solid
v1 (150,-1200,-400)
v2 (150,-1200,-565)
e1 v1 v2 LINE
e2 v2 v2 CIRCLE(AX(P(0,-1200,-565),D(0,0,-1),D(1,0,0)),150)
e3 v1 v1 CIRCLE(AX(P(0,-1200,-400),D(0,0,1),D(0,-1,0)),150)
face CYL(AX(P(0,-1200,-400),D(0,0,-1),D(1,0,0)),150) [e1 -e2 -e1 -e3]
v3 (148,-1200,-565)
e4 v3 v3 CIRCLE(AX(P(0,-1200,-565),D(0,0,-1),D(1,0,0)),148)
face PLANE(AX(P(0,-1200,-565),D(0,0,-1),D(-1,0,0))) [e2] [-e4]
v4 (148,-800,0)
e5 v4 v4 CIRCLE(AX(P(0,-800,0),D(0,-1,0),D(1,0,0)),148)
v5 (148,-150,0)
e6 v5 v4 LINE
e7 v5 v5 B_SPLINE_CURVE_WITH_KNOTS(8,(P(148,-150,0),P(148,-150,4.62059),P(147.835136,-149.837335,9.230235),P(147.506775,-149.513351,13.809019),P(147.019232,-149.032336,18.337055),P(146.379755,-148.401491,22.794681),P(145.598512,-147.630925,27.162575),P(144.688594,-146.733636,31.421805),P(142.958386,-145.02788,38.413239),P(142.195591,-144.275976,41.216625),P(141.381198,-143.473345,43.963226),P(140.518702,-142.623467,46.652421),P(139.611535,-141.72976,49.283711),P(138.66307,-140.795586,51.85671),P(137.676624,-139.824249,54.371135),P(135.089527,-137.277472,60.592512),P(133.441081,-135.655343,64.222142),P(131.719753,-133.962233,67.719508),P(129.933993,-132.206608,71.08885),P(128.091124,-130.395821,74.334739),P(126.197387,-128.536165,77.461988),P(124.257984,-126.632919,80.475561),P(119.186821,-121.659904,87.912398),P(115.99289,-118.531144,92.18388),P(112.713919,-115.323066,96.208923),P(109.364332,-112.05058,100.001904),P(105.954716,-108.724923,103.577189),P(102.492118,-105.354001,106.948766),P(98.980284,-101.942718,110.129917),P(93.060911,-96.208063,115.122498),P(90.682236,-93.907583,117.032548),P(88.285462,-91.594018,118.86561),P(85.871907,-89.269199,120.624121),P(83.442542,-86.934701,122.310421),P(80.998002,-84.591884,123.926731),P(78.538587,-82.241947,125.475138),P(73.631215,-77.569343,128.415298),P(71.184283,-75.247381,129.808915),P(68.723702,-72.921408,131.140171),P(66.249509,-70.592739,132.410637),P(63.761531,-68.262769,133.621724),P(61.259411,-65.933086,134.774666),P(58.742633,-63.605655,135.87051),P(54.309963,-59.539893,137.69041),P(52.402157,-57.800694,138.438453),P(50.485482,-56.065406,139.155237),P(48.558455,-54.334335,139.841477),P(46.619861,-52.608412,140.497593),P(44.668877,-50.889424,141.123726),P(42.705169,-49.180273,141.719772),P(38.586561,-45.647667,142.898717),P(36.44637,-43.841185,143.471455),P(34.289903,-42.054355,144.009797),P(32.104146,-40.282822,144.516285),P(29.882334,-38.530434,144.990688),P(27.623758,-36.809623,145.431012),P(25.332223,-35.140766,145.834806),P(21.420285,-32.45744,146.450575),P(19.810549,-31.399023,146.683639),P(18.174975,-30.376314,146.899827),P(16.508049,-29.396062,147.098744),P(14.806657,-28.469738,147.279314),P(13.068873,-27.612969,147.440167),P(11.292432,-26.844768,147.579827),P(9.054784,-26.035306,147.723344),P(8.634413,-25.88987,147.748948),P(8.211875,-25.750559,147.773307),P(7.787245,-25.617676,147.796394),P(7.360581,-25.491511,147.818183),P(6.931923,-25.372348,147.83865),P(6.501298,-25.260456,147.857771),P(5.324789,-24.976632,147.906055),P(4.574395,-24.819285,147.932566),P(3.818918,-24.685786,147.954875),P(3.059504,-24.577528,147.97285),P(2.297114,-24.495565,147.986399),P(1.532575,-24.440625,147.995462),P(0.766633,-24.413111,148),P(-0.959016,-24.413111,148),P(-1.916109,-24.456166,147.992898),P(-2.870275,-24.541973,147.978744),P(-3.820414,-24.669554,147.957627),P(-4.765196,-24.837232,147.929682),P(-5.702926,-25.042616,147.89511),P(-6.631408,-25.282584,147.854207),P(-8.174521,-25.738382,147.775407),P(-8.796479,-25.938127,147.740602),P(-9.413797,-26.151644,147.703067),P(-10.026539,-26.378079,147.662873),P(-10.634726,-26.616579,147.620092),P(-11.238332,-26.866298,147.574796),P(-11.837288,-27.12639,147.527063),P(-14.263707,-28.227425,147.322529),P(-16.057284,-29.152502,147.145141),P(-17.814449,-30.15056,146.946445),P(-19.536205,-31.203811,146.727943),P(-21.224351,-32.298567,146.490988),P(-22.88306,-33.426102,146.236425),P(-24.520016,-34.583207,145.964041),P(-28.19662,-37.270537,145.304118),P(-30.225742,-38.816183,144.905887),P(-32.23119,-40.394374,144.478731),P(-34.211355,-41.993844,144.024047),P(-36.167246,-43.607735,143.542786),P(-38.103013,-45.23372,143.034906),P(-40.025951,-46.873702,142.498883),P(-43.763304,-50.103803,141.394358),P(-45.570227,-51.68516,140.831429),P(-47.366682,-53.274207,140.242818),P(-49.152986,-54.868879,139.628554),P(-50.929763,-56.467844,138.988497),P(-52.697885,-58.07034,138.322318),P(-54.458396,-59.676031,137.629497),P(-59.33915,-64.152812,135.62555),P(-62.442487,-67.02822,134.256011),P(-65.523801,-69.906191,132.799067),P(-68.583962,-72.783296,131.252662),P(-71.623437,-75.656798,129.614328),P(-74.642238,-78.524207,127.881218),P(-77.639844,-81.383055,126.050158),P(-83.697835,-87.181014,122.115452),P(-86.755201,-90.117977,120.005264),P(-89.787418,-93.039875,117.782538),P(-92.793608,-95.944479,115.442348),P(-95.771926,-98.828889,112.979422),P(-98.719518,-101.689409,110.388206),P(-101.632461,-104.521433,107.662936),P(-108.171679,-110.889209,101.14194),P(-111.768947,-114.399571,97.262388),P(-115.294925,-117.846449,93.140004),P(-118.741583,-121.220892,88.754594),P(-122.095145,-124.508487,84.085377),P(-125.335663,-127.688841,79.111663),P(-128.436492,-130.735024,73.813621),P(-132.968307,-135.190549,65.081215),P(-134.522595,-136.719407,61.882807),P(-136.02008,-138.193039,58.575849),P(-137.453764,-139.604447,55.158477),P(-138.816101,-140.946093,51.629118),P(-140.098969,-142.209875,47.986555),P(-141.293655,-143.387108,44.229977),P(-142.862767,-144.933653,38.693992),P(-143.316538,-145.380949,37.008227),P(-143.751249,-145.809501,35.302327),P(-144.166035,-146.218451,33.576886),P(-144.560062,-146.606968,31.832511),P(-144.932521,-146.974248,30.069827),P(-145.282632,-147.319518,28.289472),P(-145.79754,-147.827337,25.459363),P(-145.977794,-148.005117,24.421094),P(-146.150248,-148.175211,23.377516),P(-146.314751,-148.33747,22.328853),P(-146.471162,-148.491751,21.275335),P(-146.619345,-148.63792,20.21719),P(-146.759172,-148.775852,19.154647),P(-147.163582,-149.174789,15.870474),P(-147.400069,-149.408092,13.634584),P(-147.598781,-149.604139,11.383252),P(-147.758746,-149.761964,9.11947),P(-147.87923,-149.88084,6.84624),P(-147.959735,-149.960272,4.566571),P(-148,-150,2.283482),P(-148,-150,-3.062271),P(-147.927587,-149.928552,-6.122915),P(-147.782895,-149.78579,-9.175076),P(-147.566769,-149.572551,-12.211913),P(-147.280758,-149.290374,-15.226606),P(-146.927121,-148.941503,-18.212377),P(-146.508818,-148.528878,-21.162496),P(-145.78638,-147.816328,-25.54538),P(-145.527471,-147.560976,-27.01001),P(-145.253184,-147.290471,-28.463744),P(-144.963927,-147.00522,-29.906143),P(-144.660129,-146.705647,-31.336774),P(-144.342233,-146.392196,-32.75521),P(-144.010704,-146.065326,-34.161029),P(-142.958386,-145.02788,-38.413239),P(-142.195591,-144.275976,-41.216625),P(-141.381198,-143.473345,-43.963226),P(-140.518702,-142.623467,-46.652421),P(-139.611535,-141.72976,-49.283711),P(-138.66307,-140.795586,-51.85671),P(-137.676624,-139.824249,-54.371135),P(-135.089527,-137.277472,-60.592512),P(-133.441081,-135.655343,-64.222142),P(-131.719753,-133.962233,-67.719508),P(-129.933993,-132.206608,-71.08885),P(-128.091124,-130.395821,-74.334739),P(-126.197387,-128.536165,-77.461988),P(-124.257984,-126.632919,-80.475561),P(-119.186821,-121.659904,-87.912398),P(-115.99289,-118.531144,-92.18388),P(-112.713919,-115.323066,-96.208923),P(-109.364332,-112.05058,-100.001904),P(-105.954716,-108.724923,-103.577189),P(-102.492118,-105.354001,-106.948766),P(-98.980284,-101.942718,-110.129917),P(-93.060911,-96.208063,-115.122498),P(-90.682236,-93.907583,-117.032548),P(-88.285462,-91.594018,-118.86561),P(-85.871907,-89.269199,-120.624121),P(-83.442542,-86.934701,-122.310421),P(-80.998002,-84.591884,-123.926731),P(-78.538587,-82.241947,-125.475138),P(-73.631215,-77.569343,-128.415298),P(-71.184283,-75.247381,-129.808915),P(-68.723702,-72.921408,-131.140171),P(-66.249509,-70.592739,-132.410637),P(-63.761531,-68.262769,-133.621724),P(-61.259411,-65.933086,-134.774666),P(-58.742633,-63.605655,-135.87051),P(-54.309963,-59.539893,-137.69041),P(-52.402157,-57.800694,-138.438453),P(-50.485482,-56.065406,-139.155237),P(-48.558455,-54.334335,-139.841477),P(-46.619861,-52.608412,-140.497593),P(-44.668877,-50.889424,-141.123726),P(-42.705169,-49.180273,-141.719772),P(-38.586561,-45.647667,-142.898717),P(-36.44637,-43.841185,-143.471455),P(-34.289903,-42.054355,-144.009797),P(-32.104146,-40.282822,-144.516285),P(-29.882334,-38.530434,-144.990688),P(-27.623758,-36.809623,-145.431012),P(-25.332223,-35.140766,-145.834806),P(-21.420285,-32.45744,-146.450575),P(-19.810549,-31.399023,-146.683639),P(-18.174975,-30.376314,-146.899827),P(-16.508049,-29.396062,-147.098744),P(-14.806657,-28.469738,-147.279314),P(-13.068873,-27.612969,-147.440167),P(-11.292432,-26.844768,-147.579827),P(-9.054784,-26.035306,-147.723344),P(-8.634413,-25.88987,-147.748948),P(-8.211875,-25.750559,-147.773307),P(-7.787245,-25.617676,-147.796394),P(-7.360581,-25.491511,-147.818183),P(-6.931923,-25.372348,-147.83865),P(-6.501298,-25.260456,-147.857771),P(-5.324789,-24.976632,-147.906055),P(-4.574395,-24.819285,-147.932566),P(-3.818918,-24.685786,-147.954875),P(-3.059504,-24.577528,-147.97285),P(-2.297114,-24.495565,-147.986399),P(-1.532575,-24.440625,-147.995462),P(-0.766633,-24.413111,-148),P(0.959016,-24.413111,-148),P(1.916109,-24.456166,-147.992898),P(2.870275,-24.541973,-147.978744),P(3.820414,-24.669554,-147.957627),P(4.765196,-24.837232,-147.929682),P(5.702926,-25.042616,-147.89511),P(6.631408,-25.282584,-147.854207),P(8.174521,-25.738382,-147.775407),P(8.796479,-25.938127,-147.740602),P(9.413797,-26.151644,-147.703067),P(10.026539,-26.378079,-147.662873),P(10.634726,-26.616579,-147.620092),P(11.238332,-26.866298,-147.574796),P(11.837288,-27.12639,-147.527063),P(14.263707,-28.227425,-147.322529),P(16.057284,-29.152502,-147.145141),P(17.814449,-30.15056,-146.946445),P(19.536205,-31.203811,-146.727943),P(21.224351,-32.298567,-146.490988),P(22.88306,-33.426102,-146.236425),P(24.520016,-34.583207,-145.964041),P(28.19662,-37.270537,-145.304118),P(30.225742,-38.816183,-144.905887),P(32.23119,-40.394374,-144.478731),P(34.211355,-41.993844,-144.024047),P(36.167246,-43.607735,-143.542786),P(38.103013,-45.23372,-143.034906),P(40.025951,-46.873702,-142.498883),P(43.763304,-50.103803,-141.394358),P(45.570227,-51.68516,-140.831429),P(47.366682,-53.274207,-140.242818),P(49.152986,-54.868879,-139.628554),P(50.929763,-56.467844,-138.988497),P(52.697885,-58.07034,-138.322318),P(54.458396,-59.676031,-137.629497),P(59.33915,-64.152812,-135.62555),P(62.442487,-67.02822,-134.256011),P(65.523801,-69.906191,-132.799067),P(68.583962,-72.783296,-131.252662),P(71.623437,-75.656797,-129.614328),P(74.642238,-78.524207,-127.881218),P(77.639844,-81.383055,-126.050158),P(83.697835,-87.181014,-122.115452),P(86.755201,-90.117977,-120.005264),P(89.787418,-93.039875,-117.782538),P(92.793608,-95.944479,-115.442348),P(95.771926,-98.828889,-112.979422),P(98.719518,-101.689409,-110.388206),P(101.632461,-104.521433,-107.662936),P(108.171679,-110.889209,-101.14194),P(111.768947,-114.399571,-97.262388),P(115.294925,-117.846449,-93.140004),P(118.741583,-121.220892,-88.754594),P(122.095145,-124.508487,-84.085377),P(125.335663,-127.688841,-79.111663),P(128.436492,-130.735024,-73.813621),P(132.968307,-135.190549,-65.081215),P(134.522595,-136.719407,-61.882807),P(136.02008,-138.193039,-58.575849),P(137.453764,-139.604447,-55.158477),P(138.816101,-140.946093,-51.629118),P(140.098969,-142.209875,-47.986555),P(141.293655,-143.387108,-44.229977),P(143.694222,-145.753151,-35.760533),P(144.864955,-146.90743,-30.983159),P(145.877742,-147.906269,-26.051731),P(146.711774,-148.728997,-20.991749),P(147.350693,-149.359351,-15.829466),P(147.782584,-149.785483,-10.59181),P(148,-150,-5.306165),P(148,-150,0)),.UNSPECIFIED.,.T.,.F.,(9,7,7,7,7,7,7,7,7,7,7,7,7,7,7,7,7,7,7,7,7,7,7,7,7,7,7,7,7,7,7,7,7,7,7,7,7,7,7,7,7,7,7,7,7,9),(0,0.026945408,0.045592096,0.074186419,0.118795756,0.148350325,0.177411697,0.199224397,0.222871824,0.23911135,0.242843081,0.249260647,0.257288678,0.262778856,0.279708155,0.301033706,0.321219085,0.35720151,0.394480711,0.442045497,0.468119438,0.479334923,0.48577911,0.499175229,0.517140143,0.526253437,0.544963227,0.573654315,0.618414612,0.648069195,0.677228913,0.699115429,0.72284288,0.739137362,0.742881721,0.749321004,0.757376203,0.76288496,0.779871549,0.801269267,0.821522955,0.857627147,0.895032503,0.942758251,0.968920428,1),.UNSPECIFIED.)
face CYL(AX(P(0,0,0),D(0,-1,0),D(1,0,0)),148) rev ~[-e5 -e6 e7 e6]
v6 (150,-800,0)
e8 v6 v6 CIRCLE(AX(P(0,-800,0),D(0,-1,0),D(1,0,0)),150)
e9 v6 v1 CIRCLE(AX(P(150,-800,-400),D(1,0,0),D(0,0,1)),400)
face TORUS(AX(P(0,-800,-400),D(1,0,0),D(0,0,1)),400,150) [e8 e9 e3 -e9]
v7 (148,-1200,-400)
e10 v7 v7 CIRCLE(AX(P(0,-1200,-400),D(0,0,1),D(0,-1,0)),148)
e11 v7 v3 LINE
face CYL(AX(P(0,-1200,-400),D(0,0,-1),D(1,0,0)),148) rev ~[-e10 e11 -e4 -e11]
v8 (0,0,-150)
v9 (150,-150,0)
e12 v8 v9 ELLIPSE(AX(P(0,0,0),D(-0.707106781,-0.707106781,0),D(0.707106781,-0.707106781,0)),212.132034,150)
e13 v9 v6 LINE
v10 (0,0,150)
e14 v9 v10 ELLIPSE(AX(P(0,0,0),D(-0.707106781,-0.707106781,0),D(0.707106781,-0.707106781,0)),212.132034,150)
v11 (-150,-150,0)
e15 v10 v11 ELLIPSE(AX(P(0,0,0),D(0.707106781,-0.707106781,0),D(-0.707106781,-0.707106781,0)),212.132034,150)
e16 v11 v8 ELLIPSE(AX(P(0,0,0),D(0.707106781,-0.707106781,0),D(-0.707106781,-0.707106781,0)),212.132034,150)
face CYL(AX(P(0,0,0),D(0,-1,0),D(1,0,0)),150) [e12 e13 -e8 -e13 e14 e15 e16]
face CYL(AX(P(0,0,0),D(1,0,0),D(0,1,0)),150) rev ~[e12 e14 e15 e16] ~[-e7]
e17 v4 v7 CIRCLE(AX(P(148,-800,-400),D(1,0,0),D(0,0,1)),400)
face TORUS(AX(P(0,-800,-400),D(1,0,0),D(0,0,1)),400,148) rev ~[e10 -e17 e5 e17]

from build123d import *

# Parameters (mm, degrees)
F0_R     = 150
F0_R_2   = 148
F3_DEPTH = 150
F4_R     = 200
F5_DEPTH = 1350.0010001


with BuildPart() as f2:
    # F2: sweep along a path in F1
    with BuildLine(Plane.YZ) as f2_path:
        Line((0, 0), (-800, 0))
        ThreePointArc((-800, 0), (-1082.8427124746, -117.1572875254), (-1200, -400))
        Line((-1200, -400), (-1200, -565))
    # F0 (on Front) → F2 (sweep)
    with BuildSketch(Plane.XZ):
        Circle(F0_R)
        Circle(F0_R_2, mode=Mode.SUBTRACT)
    sweep(path=f2_path.line)

    # F1 (on Right) → F3 (cut, symmetric)
    with BuildSketch(Plane.YZ):
        with BuildLine():
            ThreePointArc((-150, 0), (0, -150), (150, 0))
            ThreePointArc((150, 0), (0, 150), (-150, 0))
        make_face()
    extrude(amount=F3_DEPTH, both=True, mode=Mode.SUBTRACT)

    # F4 (on Front) → F5 (cut, through all)
    with BuildSketch(Plane.XZ):
        with Locations((0, -7129.1327476501)):
            Circle(F4_R)
    extrude(amount=F5_DEPTH, mode=Mode.SUBTRACT)


solid = f2.part
